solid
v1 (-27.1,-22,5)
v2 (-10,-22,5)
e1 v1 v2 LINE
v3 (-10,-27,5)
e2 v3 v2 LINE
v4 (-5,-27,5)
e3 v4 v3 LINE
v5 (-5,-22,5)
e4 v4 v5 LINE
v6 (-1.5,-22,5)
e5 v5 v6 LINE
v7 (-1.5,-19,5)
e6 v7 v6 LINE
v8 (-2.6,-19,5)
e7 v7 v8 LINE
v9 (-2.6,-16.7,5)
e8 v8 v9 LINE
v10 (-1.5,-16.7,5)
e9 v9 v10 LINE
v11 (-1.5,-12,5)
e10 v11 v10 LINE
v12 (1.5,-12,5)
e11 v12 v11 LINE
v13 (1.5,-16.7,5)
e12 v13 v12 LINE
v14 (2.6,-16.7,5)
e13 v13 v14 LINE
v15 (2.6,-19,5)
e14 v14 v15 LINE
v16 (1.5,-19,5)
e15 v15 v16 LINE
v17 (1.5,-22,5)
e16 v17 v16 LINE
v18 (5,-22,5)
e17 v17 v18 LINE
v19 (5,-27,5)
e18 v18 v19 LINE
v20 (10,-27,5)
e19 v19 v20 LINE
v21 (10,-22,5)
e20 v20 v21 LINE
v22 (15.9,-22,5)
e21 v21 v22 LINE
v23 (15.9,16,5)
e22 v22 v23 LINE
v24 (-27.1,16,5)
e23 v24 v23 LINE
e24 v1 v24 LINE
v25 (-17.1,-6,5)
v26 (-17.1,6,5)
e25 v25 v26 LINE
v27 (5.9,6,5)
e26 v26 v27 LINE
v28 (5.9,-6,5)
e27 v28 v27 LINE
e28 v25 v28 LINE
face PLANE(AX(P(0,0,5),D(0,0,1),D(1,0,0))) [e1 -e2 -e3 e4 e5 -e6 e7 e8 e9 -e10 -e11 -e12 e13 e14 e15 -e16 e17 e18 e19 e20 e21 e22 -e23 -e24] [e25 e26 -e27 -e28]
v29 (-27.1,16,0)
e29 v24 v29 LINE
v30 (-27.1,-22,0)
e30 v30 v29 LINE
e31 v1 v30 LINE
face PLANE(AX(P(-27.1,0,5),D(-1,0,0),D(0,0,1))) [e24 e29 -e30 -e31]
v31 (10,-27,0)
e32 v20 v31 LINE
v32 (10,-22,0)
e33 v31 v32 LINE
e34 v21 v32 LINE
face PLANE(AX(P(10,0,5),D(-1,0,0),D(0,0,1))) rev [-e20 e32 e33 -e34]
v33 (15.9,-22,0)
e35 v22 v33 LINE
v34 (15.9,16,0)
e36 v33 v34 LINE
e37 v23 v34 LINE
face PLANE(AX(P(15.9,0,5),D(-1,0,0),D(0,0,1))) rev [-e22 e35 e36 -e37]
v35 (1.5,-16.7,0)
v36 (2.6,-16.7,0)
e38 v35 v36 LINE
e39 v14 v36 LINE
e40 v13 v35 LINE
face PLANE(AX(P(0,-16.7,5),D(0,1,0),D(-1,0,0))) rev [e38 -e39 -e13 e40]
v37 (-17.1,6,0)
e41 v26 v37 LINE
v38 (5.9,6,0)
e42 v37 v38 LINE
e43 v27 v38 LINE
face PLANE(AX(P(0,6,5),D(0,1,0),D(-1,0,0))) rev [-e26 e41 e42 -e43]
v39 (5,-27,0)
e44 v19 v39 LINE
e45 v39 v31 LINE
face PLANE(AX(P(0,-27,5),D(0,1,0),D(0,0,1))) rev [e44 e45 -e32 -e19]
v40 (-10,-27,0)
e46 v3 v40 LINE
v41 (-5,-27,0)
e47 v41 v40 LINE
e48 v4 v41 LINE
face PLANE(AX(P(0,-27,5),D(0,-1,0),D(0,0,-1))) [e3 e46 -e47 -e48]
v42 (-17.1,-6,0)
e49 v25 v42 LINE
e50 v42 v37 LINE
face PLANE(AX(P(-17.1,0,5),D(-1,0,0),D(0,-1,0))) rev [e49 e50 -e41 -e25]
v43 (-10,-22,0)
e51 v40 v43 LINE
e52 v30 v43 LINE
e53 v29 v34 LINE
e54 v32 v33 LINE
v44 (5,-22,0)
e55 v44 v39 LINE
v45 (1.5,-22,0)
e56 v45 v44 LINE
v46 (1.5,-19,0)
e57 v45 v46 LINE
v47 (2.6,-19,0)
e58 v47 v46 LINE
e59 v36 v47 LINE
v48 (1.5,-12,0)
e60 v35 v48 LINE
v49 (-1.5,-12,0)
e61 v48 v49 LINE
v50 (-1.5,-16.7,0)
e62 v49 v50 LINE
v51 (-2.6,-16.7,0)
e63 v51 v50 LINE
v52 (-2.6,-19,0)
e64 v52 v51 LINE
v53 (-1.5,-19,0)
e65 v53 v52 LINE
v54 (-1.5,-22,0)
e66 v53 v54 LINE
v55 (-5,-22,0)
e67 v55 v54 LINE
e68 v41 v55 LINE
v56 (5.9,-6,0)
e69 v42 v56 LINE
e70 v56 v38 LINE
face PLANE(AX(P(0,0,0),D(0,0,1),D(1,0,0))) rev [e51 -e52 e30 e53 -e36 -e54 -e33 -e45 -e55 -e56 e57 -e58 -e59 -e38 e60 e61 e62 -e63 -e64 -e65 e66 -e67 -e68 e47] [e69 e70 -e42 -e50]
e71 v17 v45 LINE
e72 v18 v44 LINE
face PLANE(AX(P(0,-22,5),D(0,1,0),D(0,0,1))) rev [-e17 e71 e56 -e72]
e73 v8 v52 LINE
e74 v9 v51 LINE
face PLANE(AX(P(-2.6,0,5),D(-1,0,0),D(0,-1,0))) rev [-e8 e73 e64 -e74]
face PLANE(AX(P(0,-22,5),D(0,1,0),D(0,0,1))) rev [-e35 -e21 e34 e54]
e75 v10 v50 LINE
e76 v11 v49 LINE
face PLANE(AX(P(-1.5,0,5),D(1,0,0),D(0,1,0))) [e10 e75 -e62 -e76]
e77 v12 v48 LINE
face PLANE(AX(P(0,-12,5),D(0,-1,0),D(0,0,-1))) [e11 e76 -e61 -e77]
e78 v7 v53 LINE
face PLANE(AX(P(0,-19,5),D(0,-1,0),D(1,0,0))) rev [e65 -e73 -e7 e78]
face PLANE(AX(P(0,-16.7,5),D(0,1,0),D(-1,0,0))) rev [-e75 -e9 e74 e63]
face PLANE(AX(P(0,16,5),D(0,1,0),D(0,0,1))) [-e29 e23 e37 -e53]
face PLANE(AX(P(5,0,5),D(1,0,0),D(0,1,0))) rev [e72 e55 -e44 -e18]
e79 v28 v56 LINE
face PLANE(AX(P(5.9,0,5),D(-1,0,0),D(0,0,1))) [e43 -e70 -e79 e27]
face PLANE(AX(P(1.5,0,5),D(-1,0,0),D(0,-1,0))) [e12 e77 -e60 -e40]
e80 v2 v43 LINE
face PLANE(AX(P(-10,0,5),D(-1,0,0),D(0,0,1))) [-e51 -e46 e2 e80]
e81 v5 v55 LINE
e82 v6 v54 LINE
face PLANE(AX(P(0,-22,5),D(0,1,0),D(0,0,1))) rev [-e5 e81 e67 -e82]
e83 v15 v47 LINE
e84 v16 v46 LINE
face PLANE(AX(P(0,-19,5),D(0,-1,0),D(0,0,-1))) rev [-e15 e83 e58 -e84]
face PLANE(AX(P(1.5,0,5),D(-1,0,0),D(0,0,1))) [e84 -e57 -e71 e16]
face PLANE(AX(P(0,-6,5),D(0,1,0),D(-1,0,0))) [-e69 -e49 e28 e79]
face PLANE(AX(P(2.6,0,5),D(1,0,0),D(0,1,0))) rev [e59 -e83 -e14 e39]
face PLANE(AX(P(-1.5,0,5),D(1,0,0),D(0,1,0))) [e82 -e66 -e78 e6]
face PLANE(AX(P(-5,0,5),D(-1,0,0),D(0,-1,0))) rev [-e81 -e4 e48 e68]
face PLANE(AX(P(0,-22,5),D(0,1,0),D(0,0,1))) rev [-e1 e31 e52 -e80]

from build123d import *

# Parameters (mm, degrees)
SKETCH1_W           = 5
SKETCH1_H           = 5
SKETCH1_W_2         = 23
SKETCH1_H_2         = 12
BOSS_EXTRUDE3_DEPTH = 5


with BuildPart() as part:
    # Sketch1 → Boss-Extrude3 (new body)
    # profile 1 of 3: a face of its own
    with BuildSketch(Plane.XY):
        with Locations((-7.5, -24.5)):
            Rectangle(SKETCH1_W, SKETCH1_H)
    # profile 2 of 3: a face of its own
    with BuildSketch(Plane.XY):
        with Locations((7.5, -24.5)):
            Rectangle(SKETCH1_W, SKETCH1_H)
    # profile 3 of 3: a face of its own
    with BuildSketch(Plane.XY):
        Polygon((-27.1, 16), (-27.1, -22), (-10, -22), (-5, -22), (-1.5, -22), (-1.5, -19), (-2.6, -19), (-2.6, -16.7), (-1.5, -16.7), (-1.5, -12), (1.5, -12), (1.5, -16.7), (2.6, -16.7), (2.6, -19), (1.5, -19), (1.5, -22), (5, -22), (10, -22), (15.9, -22), (15.9, 16), align=None)
        with Locations((-5.6, 0)):
            Rectangle(SKETCH1_W_2, SKETCH1_H_2, mode=Mode.SUBTRACT)
    extrude(amount=BOSS_EXTRUDE3_DEPTH)


solid = part.part
